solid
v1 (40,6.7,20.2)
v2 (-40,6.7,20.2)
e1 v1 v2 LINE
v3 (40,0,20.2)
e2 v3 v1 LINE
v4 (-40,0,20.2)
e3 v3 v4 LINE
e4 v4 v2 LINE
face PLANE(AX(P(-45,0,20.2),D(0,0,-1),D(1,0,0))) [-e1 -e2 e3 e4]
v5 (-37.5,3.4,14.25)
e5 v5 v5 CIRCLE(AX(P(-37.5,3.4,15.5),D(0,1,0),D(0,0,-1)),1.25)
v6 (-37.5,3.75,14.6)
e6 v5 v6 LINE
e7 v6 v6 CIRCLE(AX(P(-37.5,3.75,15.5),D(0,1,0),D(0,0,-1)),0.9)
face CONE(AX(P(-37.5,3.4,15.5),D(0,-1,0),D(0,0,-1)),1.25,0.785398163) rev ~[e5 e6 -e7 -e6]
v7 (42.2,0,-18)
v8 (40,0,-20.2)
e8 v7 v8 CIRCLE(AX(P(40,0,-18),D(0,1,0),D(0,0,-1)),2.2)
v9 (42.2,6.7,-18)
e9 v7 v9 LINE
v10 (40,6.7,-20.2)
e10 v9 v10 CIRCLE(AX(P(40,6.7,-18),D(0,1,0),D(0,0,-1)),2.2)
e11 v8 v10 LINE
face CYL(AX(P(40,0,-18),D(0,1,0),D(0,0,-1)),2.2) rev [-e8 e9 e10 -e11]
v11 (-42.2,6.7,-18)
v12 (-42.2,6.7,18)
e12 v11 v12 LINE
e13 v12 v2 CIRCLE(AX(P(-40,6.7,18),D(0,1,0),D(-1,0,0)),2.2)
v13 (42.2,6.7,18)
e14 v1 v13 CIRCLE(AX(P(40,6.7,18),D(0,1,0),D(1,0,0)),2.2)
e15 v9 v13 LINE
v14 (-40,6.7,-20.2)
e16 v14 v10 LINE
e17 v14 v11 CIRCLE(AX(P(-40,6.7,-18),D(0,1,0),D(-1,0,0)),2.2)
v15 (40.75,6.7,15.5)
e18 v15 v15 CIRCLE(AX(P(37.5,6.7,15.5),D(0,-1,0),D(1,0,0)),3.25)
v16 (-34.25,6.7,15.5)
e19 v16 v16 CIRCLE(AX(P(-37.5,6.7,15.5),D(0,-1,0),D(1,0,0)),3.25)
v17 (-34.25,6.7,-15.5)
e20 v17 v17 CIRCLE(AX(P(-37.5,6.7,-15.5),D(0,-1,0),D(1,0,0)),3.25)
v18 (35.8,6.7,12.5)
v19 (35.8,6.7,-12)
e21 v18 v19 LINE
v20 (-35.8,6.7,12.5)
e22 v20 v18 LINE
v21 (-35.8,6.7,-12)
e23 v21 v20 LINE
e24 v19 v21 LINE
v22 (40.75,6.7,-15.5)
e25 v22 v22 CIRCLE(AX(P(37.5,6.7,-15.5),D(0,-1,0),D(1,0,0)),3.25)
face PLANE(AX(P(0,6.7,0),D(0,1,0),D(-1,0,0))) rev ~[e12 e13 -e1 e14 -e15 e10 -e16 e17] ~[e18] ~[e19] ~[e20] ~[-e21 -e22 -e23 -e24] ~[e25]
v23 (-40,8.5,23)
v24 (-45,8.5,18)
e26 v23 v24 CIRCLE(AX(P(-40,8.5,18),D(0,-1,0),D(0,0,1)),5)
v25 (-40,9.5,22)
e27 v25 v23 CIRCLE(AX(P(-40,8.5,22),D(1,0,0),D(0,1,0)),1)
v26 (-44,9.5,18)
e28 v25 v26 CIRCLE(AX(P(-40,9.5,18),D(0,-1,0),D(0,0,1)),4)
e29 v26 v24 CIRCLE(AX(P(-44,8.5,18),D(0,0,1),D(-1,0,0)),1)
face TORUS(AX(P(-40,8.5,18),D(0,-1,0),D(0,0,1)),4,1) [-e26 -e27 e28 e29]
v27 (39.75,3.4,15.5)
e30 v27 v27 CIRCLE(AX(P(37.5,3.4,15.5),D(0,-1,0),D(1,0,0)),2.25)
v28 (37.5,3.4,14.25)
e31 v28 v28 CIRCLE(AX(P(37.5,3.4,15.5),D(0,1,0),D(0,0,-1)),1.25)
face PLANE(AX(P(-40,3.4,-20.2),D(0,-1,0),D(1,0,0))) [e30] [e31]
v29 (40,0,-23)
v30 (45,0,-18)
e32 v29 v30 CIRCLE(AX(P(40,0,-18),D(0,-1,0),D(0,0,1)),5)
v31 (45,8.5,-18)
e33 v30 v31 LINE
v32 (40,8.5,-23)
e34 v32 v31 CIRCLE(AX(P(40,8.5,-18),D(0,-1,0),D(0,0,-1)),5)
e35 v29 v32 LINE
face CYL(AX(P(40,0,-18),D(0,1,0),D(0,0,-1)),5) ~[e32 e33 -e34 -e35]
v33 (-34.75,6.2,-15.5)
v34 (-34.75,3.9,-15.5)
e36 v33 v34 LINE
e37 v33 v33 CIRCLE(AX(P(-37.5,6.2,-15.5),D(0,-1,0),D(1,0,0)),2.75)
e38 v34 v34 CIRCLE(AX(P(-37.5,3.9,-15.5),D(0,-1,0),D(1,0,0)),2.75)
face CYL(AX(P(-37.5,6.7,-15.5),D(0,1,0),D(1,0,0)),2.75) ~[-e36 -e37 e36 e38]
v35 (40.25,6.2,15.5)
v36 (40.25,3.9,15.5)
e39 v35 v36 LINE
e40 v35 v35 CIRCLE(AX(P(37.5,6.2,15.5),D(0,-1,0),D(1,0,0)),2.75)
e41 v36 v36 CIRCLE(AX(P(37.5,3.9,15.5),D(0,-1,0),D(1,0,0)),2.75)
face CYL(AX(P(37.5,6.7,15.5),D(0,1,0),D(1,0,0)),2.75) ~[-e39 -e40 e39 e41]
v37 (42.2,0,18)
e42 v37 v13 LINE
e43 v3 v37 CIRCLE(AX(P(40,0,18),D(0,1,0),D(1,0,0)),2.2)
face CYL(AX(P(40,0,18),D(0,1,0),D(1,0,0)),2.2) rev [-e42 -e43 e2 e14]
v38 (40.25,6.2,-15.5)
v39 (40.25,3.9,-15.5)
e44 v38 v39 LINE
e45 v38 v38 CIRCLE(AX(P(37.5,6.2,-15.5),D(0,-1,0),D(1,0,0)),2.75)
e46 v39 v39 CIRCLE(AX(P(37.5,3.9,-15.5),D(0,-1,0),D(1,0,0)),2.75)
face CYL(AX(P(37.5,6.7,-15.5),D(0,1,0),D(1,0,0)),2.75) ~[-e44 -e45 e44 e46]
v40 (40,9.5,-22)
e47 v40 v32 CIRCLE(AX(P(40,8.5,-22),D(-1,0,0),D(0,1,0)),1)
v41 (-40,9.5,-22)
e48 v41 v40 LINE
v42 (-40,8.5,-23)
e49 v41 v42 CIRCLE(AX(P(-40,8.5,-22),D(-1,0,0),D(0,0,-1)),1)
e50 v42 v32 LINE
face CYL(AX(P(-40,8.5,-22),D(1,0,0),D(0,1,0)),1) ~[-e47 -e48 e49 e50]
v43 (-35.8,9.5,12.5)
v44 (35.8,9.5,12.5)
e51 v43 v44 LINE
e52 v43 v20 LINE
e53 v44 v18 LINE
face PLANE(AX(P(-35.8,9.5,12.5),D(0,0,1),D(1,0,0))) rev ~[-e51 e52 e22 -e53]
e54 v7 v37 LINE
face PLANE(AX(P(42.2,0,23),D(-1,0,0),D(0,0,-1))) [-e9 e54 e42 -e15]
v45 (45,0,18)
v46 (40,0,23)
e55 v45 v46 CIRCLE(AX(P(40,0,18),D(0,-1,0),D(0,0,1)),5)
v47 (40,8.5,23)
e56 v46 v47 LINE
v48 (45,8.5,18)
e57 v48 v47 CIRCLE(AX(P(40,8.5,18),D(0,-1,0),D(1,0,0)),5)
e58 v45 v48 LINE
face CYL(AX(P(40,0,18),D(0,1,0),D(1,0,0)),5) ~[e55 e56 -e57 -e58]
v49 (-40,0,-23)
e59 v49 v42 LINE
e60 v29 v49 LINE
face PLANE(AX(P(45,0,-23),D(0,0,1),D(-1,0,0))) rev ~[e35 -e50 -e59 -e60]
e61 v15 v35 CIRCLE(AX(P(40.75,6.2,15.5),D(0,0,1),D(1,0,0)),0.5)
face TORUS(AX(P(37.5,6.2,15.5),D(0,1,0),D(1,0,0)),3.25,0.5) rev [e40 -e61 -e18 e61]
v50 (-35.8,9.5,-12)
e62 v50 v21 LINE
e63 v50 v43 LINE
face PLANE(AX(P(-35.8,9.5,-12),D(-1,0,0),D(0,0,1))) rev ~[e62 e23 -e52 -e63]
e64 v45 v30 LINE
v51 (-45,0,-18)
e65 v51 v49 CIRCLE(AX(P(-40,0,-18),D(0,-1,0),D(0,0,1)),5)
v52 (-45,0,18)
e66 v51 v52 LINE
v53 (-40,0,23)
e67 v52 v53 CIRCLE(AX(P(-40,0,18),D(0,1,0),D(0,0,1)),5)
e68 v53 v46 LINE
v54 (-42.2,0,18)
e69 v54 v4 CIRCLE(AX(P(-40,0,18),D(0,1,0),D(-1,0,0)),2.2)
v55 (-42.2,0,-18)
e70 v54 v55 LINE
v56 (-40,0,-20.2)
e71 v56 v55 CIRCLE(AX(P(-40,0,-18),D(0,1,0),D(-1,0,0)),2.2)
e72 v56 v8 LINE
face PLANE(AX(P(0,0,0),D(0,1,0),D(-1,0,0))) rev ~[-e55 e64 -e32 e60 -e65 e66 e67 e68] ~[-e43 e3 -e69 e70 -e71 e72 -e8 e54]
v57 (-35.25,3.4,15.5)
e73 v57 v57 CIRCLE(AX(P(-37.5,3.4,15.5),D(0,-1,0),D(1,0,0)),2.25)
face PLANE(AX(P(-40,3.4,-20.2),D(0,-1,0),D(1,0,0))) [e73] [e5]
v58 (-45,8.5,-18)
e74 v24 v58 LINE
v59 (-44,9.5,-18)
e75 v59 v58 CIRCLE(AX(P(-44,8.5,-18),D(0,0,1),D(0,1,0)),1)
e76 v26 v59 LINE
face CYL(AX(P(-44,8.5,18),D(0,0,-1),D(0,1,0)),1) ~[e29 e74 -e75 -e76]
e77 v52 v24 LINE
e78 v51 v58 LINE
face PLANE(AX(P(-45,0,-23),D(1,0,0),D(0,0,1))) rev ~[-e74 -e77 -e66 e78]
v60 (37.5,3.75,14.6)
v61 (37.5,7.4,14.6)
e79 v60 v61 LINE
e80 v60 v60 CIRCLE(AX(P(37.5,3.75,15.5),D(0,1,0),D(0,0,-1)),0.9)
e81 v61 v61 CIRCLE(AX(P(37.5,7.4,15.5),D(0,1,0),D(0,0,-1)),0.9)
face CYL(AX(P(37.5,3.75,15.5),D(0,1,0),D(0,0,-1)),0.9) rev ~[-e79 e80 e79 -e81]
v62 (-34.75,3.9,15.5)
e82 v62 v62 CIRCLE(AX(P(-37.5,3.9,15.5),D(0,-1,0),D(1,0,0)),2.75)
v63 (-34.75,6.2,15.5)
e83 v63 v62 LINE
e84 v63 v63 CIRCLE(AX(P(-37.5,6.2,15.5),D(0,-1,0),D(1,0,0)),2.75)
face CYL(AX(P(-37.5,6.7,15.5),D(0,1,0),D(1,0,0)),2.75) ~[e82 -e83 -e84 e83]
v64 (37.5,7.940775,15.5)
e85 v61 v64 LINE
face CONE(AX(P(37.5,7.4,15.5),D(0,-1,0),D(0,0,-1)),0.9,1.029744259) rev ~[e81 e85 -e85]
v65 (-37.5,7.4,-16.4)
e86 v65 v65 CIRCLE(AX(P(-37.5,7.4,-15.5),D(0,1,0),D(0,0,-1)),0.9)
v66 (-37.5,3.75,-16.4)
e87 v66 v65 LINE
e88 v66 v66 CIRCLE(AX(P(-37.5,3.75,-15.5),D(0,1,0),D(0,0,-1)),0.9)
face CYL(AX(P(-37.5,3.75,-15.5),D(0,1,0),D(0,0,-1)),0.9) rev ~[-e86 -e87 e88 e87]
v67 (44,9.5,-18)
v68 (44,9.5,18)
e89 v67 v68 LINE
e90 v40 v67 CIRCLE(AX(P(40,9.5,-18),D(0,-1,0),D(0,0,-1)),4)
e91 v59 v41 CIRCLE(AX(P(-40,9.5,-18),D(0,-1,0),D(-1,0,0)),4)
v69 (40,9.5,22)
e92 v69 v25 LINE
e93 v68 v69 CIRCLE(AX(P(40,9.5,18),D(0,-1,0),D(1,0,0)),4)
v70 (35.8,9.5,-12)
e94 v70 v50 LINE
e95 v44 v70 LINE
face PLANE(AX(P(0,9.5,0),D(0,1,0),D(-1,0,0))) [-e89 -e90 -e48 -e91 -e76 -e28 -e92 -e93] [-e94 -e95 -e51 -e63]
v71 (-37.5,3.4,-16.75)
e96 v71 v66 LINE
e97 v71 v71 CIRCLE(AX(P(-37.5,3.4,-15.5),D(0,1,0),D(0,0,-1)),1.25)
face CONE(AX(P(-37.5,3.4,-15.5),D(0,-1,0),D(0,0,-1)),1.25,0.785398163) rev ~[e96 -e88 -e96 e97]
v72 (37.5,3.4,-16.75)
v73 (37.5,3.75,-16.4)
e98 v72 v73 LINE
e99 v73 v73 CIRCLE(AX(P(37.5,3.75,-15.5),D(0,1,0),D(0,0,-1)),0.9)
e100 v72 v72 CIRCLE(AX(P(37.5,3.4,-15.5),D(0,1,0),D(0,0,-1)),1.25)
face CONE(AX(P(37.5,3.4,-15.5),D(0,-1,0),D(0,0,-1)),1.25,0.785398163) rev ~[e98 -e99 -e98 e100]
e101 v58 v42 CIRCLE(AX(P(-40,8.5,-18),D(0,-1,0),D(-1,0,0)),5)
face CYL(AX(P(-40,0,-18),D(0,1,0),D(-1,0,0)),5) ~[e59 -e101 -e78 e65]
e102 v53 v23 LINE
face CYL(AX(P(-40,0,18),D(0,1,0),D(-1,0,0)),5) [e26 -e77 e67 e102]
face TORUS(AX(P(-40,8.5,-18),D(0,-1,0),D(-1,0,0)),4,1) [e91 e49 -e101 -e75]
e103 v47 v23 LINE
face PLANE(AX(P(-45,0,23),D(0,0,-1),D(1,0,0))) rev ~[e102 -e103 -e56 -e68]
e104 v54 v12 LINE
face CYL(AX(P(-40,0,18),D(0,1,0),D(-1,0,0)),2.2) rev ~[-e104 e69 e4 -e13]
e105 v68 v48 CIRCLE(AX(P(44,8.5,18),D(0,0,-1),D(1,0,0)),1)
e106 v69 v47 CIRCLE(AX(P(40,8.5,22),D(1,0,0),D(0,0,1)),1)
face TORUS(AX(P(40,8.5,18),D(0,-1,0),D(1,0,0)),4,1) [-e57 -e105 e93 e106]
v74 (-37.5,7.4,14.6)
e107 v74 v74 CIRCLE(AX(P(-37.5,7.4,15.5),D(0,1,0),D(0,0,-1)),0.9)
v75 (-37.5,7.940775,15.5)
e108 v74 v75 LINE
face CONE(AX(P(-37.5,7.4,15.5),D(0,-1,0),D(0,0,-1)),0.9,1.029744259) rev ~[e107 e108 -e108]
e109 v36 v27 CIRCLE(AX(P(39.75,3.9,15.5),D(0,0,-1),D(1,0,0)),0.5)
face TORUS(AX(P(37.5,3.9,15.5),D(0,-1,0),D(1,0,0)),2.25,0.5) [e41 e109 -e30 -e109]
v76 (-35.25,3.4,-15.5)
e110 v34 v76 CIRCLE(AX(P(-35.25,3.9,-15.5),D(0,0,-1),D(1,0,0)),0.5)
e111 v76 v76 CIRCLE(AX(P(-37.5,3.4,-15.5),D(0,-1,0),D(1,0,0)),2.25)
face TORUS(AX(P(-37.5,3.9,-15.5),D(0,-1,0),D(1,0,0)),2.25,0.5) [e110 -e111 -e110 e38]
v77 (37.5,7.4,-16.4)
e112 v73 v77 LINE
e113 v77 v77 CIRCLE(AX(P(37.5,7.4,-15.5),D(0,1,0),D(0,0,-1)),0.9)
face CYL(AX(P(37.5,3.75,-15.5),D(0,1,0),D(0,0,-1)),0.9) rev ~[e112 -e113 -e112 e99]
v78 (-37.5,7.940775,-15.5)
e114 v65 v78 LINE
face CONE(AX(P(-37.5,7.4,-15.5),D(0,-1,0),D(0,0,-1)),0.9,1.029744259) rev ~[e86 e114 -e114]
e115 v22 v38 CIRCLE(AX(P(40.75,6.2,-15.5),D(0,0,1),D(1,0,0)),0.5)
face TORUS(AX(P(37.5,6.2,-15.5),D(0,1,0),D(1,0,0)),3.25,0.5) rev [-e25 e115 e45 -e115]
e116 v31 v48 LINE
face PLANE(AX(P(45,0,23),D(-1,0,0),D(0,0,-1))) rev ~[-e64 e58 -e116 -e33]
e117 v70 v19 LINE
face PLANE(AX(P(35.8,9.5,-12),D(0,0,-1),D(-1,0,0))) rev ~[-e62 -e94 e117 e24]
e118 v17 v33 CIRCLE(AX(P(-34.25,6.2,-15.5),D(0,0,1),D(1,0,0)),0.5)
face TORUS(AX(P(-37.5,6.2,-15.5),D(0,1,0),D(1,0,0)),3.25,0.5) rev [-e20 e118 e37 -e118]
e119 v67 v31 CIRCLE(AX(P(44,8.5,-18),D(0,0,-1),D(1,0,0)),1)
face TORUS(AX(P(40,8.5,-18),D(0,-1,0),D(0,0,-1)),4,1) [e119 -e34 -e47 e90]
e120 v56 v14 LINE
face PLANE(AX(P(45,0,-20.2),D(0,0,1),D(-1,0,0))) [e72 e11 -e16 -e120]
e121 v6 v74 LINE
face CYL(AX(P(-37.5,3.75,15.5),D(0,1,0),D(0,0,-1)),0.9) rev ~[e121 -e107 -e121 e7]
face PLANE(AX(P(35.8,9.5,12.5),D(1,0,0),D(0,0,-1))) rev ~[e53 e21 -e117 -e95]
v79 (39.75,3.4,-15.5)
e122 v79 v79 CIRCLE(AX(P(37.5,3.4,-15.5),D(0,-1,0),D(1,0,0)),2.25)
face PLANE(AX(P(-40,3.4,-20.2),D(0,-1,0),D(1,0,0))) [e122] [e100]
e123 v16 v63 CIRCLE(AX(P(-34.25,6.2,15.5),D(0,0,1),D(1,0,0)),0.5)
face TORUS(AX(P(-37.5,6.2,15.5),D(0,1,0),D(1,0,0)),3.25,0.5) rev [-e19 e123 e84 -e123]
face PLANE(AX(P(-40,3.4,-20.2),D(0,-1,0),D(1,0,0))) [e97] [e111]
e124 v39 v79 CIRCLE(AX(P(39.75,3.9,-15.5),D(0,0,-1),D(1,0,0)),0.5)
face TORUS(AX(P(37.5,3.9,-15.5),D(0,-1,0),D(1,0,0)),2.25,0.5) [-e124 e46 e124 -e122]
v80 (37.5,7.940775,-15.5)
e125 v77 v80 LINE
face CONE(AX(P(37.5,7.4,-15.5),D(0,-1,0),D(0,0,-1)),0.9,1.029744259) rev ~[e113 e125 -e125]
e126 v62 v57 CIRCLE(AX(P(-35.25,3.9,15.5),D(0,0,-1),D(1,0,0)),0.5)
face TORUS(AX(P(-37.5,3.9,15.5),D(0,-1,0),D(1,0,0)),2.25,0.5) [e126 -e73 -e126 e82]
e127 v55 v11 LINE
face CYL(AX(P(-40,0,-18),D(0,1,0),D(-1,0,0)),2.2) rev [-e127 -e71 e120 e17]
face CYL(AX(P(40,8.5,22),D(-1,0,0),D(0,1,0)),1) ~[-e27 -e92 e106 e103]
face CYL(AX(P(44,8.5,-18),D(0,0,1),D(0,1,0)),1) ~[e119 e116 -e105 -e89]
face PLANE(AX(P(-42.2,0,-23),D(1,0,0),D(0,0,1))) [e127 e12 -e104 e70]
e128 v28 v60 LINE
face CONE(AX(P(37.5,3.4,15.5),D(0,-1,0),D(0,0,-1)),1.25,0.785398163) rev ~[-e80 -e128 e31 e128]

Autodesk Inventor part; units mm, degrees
ref_plane "YZ Plane" through (0, 0, 0) normal (1, 0, 0) x (0, 1, 0)
ref_plane "XZ Plane" through (0, 0, 0) normal (0, 1, 0) x (-1, 0, 0)
ref_plane "XY Plane" through (0, 0, 0) normal (0, 0, 1) x (1, 0, 0)
sketch "Boceto1" plane through (0, 0, 0) normal (0, 1, 0) x (-1, 0, 0)
  line L0 (45, 23) -> (-45, 23)
  line L1 (-45, 23) -> (-45, -23)
  line L2 (-45, -23) -> (45, -23)
  line L3 (45, -23) -> (45, 23)
  line L4 (45, 23) -> (-45, -23) construction
  line L5 (-45, 23) -> (45, -23) construction
  point P0 (0, 0)
  dimension "d0" = 90
  dimension "d1" = 46
extrude "Extrusión1" add sketch "Boceto1" along normal blind 9.5
fillet "Empalme1" radius 5 4 edges at (45, 4.75, 23) (45, 4.75, -23) (-45, 4.75, 23) (-45, 4.75, -23)
shell "Vaciado1" thickness 2.8 removed faces 1 at (-13.3333, 0, -7.6667)
fillet "Empalme2" radius 1 8 edges at (43.5355, 9.5, 21.5355) (45, 9.5, 0) (43.5355, 9.5, -21.5355) (0, 9.5, -23) (-43.5355, 9.5, -21.5355) (-45, 9.5, 0) (-43.5355, 9.5, 21.5355) (0, 9.5, 23)
sketch "Boceto2" plane through (0, 9.5, 0) normal (0, 1, 0) x (1, 0, 0)
  line L0 (-35.8, -12.5) -> (35.8, -12.5)
  line L1 (35.8, -12.5) -> (35.8, 12)
  line L2 (35.8, 12) -> (-35.8, 12)
  line L3 (-35.8, 12) -> (-35.8, -12.5)
  line L4 (40, 23) -> (-40, 23) projected
  line L5 (-40, -23) -> (40, -23) projected
  point P0 (0, 0)
  point P1 (0, 12)
  dimension "d7" = 11
  dimension "d10" = 24.5
  dimension "d11" = 71.6
extrude "Extrusión2" cut sketch "Boceto2" against normal blind 9.5
sketch "Boceto3" plane through (-40, 6.7, -20.2) normal (0, -1, 0) x (1, 0, 0)
  line L0 (75.8, 32.7) -> (75.8, 8.2) projected
  line L1 (75.8, 8.2) -> (4.2, 8.2) projected
  line L2 (4.2, 8.2) -> (4.2, 32.7) projected
  line L3 (4.2, 32.7) -> (75.8, 32.7) projected
  arc A0 (-2.2, 2.2) -> (0, 0) centre (0, 2.2) ccw projected
  line L4 (80, 0) -> (0, 0) projected
  arc A1 (80, 0) -> (82.2, 2.2) centre (80, 2.2) ccw projected
  line L5 (82.2, 38.2) -> (82.2, 2.2) projected
  arc A2 (82.2, 38.2) -> (80, 40.4) centre (80, 38.2) ccw projected
  line L6 (0, 40.4) -> (80, 40.4) projected
  arc A3 (0, 40.4) -> (-2.2, 38.2) centre (0, 38.2) ccw projected
  line L7 (-2.2, 2.2) -> (-2.2, 38.2) projected
  line L8 (80, -2.8) -> (0, -2.8) construction
  line L9 (66.1552, -2.8) -> (66.1552, 20.2) construction
  line L10 (0, 43.2) -> (80, 43.2) construction
  line L11 (77.5, 35.7) -> (2.5, 35.7) construction
  line L12 (2.5, 35.7) -> (2.5, 4.7) construction
  line L13 (2.5, 4.7) -> (77.5, 4.7) construction
  line L14 (77.5, 4.7) -> (77.5, 35.7) construction
  line L15 (77.5, 35.7) -> (2.5, 4.7) construction
  line L16 (2.5, 35.7) -> (77.5, 4.7) construction
  circle A4 centre (77.5, 4.7) radius 2.75
  circle A5 centre (2.5, 4.7) radius 2.75
  circle A6 centre (2.5, 35.7) radius 2.75
  circle A7 centre (77.5, 35.7) radius 2.75
  point P0 (40, 20.2)
  dimension "d14" = 23
  dimension "d15" = 75
  dimension "d16" = 31
  dimension "d17" = 5.5
  dimension "d18" = 5.5
  dimension "d19" = 5.5
  dimension "d20" = 5.5
extrude "Extrusión3" add sketch "Boceto3" along normal blind 3.3 contours A4 | A5 | A6 | A7
fillet "Empalme3" radius 0.5 8 edges at (34.75, 6.7, -15.5) (34.75, 3.4, -15.5) (34.75, 3.4, 15.5) (34.75, 6.7, 15.5) (-40.25, 3.4, -15.5) (-40.25, 6.7, -15.5) (-40.25, 3.4, 15.5) (-40.25, 6.7, 15.5)
sketch "Boceto4" plane through (37.5, 3.4, 15.5) normal (0, -1, 0) x (1, 0, 0)
  circle A0 centre (0, -31) radius 2.25 projected
  circle A1 centre (-75, -31) radius 2.25 projected
  circle A2 centre (-75, 0) radius 2.25 projected
  circle A3 centre (0, 0) radius 2.25 projected
  point P0 (-37.5, -15.5)
hole "Agujero1" at (37.5, 3.4, -15.5) at (-37.5, 3.4, -15.5) at (-37.5, 3.4, 15.5) at (37.5, 3.4, 15.5) direction (0, 1, 0) diameter 1.8 depth 4 tip angle 118 countersink diameter 2.5 countersink angle 90
properties part number "PANTALLA BASE" material "Plástico ABS"
